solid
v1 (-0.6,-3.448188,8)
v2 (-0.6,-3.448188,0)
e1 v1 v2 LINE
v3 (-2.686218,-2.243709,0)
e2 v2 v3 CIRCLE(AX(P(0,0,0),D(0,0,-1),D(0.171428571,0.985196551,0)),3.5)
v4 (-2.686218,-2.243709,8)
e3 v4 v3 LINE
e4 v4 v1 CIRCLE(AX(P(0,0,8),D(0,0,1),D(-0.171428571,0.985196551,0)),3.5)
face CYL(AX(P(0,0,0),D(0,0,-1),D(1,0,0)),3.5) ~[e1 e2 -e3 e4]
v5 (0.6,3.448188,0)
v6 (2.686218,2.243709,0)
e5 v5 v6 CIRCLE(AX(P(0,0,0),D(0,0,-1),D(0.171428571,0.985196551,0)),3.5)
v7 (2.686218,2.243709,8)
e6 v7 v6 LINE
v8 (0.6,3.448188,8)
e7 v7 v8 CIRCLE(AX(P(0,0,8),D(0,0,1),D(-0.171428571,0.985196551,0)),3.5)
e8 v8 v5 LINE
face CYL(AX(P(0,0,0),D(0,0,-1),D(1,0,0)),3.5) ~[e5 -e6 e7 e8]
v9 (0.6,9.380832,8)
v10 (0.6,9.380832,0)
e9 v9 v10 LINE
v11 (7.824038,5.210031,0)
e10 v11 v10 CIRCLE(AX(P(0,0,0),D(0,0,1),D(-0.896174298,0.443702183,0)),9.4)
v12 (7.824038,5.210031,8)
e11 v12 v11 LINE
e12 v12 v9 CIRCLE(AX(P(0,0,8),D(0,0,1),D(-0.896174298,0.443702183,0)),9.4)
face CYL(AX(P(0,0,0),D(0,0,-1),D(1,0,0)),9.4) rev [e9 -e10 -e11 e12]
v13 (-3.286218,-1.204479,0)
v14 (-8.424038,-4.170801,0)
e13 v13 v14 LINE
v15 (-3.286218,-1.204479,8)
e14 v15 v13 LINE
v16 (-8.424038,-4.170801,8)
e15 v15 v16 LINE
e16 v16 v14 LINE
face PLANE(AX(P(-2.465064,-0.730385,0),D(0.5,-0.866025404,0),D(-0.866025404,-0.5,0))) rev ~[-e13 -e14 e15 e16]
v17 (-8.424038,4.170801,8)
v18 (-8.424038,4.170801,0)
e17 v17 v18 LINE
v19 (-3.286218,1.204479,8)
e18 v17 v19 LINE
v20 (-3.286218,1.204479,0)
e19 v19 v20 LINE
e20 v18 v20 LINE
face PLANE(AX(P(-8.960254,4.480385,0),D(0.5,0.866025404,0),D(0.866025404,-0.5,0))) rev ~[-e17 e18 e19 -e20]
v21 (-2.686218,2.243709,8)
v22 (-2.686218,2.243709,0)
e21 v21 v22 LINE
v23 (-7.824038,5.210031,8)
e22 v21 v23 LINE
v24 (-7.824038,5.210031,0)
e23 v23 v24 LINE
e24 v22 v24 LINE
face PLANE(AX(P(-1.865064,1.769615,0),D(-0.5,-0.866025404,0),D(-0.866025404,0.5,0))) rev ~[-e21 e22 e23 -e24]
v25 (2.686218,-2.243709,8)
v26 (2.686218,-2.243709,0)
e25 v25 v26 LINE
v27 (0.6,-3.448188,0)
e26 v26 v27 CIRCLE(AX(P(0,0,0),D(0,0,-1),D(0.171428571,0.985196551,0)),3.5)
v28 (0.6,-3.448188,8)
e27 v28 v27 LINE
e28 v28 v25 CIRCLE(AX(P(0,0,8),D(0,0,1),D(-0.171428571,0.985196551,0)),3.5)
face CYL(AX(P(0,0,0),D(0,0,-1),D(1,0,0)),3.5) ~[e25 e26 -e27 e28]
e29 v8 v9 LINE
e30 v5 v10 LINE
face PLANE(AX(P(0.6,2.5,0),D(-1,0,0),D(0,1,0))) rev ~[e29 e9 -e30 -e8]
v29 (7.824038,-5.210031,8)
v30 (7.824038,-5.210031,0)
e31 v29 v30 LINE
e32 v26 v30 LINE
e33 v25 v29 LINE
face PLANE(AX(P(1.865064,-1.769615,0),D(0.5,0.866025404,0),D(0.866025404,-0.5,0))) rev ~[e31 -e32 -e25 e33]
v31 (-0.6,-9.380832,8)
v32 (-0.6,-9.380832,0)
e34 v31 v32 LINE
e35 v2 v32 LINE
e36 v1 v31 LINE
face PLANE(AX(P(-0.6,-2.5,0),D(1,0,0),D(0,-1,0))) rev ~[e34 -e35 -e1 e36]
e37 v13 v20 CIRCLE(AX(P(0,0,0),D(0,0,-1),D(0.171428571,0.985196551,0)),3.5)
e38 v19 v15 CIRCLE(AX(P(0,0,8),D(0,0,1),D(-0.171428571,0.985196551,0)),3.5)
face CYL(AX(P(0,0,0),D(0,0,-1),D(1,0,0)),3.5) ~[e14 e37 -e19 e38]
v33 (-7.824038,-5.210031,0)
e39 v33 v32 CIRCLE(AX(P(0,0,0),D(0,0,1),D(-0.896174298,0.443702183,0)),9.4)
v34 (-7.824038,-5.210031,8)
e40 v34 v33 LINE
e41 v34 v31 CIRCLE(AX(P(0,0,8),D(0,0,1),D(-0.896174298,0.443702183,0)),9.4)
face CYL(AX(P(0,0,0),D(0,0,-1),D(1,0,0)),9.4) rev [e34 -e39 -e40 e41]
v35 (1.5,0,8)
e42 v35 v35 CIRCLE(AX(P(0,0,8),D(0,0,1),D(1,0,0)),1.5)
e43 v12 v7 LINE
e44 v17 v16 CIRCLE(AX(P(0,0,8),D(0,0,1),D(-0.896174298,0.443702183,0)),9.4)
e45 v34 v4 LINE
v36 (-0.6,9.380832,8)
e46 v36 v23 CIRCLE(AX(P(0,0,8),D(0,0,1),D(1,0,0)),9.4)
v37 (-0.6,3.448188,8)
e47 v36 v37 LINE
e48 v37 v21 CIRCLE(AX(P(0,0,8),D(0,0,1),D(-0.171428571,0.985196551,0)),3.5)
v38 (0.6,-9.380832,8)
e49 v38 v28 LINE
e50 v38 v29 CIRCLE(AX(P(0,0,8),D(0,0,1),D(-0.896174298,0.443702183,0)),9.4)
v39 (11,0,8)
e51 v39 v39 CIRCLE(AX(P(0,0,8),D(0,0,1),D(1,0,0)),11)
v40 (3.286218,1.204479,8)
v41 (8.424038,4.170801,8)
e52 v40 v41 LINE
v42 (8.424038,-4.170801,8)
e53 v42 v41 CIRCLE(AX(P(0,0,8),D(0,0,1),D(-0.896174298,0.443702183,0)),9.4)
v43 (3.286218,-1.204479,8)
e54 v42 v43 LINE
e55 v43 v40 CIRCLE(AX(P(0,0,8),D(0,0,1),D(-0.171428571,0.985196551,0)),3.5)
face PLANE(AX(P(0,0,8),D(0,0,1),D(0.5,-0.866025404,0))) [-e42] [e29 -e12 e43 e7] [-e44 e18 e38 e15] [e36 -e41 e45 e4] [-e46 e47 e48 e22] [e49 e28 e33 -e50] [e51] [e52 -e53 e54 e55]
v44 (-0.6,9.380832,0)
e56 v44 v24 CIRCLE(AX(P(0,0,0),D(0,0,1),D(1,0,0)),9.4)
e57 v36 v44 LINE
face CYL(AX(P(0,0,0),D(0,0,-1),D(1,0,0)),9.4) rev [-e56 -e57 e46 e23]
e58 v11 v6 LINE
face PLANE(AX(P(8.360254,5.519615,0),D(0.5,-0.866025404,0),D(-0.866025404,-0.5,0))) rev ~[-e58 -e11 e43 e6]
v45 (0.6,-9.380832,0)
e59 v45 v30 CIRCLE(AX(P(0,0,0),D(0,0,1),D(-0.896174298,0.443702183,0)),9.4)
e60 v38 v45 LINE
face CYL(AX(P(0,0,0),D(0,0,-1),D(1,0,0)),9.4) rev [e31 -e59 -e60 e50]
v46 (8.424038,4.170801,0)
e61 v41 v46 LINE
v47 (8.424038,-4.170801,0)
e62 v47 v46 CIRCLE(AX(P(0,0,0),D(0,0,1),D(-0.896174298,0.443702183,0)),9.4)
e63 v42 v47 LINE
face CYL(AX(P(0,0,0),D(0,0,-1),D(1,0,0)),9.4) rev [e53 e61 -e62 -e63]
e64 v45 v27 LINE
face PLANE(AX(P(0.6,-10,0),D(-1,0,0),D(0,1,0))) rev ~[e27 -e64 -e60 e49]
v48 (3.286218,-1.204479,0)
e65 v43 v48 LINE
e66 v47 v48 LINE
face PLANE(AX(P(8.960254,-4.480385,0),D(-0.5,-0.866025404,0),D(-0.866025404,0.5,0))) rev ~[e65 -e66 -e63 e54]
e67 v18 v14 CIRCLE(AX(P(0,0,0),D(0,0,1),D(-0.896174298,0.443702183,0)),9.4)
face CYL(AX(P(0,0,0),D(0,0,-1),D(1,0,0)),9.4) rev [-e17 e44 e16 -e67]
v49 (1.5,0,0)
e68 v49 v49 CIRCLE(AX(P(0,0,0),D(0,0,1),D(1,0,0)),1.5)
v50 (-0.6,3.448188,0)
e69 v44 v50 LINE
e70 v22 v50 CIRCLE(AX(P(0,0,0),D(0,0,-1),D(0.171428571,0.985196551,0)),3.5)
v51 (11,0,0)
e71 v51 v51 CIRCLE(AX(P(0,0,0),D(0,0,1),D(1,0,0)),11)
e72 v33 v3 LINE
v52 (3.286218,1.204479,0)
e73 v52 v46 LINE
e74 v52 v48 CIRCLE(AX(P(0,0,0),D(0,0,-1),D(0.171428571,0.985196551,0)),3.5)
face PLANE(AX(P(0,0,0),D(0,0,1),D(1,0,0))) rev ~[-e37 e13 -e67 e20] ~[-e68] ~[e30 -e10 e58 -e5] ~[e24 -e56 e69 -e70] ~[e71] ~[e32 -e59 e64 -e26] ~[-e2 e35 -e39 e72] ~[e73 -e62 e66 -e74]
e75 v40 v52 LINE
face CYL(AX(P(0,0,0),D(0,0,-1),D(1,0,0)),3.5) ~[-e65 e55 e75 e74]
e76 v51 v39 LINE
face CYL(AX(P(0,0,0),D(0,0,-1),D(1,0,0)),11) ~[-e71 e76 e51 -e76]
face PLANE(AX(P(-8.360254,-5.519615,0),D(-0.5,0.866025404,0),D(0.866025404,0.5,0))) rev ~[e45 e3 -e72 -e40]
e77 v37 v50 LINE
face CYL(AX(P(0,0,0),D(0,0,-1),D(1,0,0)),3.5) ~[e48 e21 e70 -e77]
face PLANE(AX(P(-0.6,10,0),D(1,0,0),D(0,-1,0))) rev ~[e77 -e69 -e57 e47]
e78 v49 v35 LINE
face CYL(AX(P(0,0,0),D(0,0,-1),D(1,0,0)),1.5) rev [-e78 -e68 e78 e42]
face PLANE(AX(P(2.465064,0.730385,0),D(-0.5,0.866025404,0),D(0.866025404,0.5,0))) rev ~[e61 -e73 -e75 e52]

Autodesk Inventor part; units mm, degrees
ref_plane "YZ Plane" through (0, 0, 0) normal (1, 0, 0) x (0, 1, 0)
ref_plane "XZ Plane" through (0, 0, 0) normal (0, 1, 0) x (-1, 0, 0)
ref_plane "XY Plane" through (0, 0, 0) normal (0, 0, 1) x (1, 0, 0)
sketch "スケッチ1" plane through (0, 0, 0) normal (0, 0, 1) x (1, 0, 0)
  circle A0 centre (0, 0) radius 3.5
  circle A1 centre (0, 0) radius 11
  circle A2 centre (0, 0) radius 9.4
  circle A3 centre (0, 0) radius 1.5
  dimension "HUB_DIA" = 7
  dimension "DIA" = 22
  dimension "d5" = 1.6
  dimension "d16" = 3
extrude "ハブ＆リム" add sketch "スケッチ1" along normal blind 8
sketch "スケッチ2" plane through (0, 0, 0) normal (0, 0, 1) x (1, 0, 0)
  line L0 (-0.6, 2.5) -> (0.6, 2.5)
  line L1 (0.6, 2.5) -> (0.6, 10)
  line L2 (0.6, 10) -> (-0.6, 10)
  line L3 (-0.6, 10) -> (-0.6, 2.5)
  line L4 (0, 0) -> (0, 15.4673) construction
  point P0 (0, 2.5)
  dimension "d8" = 2.5
  dimension "d9" = 10
  dimension "d10" = 1.2
extrude "スポーク" add sketch "スケッチ2" along normal blind 8
pattern_circular "円形状パターン1" count 6 over 360 about axis through (0, 0, -10) along (0, 0, 1) of "スポーク"
properties part number "Wheel-D22A"
